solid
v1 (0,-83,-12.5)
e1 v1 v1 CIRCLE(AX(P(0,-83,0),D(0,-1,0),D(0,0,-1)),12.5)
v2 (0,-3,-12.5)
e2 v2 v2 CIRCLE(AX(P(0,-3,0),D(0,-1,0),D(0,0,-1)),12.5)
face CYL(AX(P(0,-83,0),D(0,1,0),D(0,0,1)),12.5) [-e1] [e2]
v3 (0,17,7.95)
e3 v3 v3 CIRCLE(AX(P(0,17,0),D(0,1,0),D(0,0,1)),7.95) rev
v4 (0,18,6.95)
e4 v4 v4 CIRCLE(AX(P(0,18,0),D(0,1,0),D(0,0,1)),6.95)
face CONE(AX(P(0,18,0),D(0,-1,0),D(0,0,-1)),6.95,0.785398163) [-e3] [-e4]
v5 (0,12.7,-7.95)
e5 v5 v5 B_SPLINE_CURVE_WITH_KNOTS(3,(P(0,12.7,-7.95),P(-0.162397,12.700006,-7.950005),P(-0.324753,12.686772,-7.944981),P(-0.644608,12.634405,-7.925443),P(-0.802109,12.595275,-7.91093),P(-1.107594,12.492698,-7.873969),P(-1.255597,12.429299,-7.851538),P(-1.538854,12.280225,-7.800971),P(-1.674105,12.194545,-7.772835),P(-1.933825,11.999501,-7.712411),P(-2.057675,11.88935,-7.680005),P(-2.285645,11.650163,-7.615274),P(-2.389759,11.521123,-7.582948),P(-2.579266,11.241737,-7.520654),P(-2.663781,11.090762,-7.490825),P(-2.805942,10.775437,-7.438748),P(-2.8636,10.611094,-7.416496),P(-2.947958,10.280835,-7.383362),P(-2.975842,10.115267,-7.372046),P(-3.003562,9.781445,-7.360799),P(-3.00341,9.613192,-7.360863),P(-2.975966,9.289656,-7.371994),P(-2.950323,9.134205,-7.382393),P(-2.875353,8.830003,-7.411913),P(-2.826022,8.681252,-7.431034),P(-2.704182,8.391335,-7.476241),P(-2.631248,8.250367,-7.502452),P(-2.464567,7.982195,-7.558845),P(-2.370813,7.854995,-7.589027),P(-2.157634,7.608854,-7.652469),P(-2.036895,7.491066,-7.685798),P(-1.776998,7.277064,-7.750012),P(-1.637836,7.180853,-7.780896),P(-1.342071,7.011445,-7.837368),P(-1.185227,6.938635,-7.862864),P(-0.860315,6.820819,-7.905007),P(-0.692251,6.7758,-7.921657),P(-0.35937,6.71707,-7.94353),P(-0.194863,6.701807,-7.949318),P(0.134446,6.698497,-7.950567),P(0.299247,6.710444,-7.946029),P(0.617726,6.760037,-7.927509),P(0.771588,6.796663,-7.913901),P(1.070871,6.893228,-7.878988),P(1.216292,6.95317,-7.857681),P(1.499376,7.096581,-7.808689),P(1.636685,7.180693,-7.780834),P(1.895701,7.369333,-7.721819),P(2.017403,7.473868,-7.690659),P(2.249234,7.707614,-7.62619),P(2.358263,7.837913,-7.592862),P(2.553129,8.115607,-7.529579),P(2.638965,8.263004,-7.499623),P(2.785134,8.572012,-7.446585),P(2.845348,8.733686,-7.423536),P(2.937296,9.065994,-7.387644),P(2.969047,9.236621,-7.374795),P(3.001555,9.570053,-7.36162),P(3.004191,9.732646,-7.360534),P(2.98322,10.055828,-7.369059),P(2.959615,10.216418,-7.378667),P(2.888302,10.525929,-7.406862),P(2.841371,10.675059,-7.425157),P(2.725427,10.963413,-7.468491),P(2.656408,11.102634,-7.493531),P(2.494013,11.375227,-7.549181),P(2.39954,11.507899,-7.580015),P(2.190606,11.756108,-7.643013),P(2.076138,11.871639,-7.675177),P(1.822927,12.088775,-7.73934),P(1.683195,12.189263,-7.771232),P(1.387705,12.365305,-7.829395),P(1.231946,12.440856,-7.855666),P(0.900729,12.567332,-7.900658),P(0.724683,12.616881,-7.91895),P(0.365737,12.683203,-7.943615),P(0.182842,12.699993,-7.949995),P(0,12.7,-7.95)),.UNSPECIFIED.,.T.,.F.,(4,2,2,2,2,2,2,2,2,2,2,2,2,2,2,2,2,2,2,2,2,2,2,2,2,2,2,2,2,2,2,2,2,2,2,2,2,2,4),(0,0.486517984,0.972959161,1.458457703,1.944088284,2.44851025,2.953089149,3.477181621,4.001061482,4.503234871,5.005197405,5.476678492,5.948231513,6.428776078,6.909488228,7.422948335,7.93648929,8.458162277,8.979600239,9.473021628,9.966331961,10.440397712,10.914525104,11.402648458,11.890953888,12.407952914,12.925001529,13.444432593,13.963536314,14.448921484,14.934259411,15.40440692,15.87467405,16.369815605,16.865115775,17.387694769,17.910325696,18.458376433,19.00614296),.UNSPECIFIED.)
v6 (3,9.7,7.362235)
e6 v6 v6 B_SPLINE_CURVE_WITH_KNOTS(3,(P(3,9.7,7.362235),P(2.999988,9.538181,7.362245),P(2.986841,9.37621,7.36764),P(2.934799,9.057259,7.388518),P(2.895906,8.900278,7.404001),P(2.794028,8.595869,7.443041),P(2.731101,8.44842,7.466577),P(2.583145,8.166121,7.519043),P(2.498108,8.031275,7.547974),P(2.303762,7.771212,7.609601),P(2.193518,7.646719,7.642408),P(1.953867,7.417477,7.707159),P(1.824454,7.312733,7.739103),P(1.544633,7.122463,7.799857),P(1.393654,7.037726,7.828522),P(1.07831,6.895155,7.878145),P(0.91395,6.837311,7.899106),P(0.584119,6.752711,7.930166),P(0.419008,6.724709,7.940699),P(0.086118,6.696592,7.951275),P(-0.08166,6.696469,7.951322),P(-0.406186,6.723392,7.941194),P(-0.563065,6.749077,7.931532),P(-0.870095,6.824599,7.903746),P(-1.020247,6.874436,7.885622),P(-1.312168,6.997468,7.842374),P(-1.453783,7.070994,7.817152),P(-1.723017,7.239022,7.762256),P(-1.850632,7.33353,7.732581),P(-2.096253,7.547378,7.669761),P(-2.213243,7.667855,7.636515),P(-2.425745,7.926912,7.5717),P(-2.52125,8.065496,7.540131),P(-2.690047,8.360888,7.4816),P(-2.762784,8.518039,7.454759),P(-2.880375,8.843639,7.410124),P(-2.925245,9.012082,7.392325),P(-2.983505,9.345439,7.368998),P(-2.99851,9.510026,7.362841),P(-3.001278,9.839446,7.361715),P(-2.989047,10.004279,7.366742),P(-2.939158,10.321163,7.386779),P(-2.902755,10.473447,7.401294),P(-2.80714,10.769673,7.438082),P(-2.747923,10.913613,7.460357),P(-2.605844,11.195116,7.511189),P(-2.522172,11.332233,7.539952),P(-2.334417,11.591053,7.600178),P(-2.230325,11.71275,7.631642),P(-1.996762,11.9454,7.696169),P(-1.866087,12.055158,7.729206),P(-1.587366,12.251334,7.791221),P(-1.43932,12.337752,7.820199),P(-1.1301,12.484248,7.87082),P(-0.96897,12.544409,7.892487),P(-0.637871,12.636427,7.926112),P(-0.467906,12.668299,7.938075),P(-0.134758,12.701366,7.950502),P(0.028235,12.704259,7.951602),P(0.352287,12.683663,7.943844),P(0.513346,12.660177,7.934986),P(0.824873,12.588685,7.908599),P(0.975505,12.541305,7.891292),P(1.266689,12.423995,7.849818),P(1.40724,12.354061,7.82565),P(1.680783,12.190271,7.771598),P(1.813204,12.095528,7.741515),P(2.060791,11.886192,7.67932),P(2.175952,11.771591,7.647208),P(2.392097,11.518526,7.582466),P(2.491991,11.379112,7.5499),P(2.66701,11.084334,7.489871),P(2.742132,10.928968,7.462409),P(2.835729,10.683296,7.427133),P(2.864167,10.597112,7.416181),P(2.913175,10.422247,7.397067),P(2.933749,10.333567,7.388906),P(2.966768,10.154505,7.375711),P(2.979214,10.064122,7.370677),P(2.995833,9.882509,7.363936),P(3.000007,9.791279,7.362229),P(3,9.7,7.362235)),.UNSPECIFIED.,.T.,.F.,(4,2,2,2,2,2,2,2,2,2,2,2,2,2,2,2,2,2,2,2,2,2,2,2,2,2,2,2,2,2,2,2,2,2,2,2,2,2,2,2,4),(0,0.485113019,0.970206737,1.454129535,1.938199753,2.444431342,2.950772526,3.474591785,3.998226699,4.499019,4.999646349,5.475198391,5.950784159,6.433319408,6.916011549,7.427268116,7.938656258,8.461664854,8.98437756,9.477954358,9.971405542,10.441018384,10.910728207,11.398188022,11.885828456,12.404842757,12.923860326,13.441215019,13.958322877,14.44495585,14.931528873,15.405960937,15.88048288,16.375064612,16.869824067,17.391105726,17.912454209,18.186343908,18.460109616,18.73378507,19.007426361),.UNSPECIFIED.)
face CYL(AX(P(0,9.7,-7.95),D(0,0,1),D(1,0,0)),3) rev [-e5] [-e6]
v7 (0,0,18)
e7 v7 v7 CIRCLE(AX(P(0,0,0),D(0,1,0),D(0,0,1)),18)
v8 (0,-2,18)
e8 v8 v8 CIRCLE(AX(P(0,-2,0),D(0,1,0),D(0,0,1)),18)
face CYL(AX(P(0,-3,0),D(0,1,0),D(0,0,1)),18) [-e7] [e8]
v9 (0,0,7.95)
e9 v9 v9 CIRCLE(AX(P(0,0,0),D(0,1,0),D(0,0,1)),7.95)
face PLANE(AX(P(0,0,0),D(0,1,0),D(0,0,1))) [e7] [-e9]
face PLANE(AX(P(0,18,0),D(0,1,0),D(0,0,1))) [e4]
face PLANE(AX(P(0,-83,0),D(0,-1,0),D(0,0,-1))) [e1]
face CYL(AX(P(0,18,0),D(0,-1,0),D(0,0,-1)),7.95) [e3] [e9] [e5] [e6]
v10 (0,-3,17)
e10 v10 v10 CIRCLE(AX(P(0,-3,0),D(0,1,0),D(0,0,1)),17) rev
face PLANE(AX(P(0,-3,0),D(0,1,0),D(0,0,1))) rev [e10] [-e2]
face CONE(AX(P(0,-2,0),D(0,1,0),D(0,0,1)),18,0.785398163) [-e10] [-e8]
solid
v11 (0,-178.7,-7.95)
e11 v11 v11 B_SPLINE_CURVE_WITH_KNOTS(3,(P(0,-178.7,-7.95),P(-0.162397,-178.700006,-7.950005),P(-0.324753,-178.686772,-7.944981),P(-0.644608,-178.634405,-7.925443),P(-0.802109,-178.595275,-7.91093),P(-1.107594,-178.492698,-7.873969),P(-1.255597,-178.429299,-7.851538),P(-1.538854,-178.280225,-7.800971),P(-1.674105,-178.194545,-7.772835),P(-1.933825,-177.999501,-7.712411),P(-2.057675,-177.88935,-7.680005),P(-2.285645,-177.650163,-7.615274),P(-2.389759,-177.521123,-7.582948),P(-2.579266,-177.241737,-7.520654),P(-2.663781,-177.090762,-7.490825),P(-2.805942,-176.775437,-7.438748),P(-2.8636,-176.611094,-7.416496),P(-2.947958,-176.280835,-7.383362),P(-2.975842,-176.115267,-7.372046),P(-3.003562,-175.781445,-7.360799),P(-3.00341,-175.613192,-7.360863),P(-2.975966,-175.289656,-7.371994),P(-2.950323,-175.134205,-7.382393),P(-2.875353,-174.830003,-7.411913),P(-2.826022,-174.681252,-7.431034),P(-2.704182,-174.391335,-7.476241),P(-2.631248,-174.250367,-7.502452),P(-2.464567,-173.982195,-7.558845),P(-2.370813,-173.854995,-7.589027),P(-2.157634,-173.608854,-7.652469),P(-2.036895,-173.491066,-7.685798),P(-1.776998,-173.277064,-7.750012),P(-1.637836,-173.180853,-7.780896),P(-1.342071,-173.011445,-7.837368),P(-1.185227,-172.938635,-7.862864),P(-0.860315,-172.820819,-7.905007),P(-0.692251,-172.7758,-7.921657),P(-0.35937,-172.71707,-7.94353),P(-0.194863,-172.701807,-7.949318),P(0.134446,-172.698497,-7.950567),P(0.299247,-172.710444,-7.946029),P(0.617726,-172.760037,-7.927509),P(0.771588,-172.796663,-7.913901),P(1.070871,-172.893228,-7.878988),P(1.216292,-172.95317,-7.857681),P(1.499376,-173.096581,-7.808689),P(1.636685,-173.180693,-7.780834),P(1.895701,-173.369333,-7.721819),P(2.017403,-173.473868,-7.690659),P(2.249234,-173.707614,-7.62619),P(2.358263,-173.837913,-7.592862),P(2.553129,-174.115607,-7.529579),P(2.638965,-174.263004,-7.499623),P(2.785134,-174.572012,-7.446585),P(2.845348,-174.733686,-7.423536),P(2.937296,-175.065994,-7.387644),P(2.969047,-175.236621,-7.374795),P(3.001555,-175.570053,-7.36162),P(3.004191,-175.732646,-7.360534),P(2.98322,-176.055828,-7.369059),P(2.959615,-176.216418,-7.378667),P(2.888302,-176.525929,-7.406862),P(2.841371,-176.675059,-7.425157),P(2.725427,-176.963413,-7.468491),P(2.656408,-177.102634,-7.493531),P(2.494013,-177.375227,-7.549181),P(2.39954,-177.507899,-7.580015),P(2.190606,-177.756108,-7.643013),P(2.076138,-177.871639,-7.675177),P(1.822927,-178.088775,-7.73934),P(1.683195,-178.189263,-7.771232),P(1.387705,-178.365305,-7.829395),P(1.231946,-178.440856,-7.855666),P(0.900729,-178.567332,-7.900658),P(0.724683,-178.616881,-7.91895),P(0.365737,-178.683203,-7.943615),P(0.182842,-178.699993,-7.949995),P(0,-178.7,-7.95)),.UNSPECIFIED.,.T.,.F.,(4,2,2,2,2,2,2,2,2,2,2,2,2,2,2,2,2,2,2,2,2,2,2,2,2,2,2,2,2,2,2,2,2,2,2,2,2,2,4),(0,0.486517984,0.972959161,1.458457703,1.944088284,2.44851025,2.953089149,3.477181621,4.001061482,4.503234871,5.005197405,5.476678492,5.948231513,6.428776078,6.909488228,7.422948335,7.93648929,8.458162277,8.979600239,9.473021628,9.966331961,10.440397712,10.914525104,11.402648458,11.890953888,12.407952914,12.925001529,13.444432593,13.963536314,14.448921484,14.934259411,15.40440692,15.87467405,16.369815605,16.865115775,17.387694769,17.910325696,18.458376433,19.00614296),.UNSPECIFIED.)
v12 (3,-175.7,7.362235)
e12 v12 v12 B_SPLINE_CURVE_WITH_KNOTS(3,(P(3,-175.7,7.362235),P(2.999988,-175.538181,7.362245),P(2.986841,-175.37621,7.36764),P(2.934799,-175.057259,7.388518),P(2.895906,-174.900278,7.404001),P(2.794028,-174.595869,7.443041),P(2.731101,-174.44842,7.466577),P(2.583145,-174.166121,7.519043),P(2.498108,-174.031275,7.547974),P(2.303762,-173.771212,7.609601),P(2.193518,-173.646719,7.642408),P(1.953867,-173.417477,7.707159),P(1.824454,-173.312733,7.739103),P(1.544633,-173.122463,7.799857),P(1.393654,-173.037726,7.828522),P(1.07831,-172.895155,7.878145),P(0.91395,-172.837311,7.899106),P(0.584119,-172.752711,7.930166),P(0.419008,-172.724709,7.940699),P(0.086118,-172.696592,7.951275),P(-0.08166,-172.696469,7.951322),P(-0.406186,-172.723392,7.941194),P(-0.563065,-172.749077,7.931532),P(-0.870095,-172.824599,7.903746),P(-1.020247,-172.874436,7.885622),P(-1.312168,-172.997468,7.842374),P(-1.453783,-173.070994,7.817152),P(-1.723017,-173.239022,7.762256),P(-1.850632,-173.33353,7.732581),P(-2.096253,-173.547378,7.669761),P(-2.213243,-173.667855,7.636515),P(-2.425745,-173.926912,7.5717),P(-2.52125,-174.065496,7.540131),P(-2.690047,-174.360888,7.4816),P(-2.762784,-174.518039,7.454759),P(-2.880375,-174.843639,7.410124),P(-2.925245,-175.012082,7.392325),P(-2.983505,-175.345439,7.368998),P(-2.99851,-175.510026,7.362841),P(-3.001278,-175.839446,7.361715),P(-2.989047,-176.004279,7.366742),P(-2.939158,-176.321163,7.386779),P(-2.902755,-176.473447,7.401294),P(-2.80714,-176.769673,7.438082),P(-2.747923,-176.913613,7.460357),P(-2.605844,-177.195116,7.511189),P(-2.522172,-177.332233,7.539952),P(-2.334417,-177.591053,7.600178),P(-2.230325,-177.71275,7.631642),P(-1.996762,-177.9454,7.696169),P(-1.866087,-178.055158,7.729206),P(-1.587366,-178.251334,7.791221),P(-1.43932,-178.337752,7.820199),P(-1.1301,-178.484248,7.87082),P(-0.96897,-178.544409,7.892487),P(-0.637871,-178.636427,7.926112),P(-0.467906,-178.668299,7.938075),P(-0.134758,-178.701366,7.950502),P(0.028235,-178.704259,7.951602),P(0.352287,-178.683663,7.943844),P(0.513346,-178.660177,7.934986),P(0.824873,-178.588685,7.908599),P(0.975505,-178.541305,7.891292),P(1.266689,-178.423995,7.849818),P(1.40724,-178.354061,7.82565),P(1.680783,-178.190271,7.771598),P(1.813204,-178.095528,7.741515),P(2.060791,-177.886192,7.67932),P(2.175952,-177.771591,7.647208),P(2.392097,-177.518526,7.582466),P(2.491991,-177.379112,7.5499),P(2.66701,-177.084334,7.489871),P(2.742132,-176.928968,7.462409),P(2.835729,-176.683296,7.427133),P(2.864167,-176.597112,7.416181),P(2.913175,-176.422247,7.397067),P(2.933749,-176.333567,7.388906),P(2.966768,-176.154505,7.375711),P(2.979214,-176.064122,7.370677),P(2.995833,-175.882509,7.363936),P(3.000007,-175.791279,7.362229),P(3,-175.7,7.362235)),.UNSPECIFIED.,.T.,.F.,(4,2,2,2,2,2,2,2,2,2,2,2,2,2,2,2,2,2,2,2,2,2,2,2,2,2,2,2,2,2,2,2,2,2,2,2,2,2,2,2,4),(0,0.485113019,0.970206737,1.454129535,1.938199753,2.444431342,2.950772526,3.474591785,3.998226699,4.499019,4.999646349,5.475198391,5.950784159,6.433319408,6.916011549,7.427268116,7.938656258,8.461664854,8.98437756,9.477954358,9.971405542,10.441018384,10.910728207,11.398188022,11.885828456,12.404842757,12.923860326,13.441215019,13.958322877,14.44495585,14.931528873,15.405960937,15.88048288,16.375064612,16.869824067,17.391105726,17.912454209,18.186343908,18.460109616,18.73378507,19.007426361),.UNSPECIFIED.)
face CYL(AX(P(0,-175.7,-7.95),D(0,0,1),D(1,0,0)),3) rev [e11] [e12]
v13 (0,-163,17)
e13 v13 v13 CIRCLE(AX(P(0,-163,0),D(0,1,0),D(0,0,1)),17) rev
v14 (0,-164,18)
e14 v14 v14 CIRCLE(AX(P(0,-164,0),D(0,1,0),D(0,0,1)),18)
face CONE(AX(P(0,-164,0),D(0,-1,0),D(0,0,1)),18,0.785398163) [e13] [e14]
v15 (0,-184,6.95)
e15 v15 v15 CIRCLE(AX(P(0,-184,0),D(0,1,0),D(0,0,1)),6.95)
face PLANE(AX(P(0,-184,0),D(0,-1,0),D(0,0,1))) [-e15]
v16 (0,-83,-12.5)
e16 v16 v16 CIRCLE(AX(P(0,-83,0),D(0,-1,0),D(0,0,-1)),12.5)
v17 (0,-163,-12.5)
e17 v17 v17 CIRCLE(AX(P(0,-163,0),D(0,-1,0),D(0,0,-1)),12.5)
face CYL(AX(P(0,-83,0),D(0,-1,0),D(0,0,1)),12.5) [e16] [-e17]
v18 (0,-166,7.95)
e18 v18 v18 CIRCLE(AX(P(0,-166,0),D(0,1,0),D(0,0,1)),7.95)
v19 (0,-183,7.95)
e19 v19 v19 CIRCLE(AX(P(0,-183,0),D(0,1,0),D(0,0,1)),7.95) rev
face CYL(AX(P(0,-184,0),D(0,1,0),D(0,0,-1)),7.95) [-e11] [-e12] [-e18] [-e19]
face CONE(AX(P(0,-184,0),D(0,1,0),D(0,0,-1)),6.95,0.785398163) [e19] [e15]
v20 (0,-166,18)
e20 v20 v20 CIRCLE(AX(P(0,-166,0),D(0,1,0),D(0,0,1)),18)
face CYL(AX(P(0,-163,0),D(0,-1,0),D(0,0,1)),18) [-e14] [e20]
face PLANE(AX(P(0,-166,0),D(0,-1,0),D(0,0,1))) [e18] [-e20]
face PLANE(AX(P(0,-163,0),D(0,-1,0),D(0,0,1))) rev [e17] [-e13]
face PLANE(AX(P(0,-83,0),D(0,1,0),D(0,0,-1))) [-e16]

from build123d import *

# Parameters (mm, degrees)
SKETCH_1_R               = 7.95
EXTRUDE_1_DEPTH          = 18
CHAMFER_2_SIZE           = 1
CUT_EXTRUDE_2_DEPTH      = 22.22274723
CUT_EXTRUDE_2_DEPTH_BACK = 22.22274723
SKETCH_9_R               = 3
SKETCH_4_R               = 18
EXTRUDE_2_DEPTH          = 3
CHAMFER_1_SIZE           = 1
SKETCH_5_R               = 12.5
EXTRUDE_3_DEPTH          = 80


with BuildPart() as part:
    # 草图1 → 凸台-拉伸1 (new body)
    with BuildSketch(Plane(origin=(0, 0, 0), x_dir=(1, 0, 0), z_dir=(0, 1, 0))):
        with Locations(Location((0, 0, 0), (0, 0, 270))):
            Circle(SKETCH_1_R)
    extrude(amount=EXTRUDE_1_DEPTH)

    # 倒角2
    chamfer_2_edges = [part.edges().sort_by_distance(p)[0] for p in [
        (0, 18, -7.95),
    ]]
    chamfer(chamfer_2_edges, length=CHAMFER_2_SIZE)

    # 草图9 → 切除-拉伸2 (cut, two sides: drawn at the far end of the back side and taken through both)
    with BuildSketch(Plane.XY.offset(-CUT_EXTRUDE_2_DEPTH_BACK)):
        with Locations(Location((0, 9.7, 0), (0, 0, 89.999999999))):
            Circle(SKETCH_9_R)
    extrude(amount=CUT_EXTRUDE_2_DEPTH + CUT_EXTRUDE_2_DEPTH_BACK, mode=Mode.SUBTRACT)

    # 草图4 → 凸台-拉伸2 (add)
    with BuildSketch(Plane(origin=(0, 0, 0), x_dir=(1, 0, 0), z_dir=(0, 1, 0))):
        with Locations(Location((0, 0, 0), (0, 0, 270))):
            Circle(SKETCH_4_R)
    extrude(amount=-EXTRUDE_2_DEPTH)

    # 倒角1
    chamfer_1_edges = [part.edges().sort_by_distance(p)[0] for p in [
        (0, -3, -18),
    ]]
    chamfer(chamfer_1_edges, length=CHAMFER_1_SIZE)

    # 草图5 → 凸台-拉伸3 (add)
    with BuildSketch(Plane(origin=(0, -3, 0), x_dir=(-1, 0, 0), z_dir=(0, -1, 0))):
        with Locations(Location((0, 0, 0), (0, 0, 90))):
            Circle(SKETCH_5_R)
    extrude(amount=EXTRUDE_3_DEPTH)


with BuildPart() as body_2:
    # 镜向3: mirrored copy
    add(part.part.mirror(Plane(origin=(0, -83, 0), x_dir=(0, 0, 1), z_dir=(0, -1, 0))))


solid = Compound([part.part, body_2.part])
